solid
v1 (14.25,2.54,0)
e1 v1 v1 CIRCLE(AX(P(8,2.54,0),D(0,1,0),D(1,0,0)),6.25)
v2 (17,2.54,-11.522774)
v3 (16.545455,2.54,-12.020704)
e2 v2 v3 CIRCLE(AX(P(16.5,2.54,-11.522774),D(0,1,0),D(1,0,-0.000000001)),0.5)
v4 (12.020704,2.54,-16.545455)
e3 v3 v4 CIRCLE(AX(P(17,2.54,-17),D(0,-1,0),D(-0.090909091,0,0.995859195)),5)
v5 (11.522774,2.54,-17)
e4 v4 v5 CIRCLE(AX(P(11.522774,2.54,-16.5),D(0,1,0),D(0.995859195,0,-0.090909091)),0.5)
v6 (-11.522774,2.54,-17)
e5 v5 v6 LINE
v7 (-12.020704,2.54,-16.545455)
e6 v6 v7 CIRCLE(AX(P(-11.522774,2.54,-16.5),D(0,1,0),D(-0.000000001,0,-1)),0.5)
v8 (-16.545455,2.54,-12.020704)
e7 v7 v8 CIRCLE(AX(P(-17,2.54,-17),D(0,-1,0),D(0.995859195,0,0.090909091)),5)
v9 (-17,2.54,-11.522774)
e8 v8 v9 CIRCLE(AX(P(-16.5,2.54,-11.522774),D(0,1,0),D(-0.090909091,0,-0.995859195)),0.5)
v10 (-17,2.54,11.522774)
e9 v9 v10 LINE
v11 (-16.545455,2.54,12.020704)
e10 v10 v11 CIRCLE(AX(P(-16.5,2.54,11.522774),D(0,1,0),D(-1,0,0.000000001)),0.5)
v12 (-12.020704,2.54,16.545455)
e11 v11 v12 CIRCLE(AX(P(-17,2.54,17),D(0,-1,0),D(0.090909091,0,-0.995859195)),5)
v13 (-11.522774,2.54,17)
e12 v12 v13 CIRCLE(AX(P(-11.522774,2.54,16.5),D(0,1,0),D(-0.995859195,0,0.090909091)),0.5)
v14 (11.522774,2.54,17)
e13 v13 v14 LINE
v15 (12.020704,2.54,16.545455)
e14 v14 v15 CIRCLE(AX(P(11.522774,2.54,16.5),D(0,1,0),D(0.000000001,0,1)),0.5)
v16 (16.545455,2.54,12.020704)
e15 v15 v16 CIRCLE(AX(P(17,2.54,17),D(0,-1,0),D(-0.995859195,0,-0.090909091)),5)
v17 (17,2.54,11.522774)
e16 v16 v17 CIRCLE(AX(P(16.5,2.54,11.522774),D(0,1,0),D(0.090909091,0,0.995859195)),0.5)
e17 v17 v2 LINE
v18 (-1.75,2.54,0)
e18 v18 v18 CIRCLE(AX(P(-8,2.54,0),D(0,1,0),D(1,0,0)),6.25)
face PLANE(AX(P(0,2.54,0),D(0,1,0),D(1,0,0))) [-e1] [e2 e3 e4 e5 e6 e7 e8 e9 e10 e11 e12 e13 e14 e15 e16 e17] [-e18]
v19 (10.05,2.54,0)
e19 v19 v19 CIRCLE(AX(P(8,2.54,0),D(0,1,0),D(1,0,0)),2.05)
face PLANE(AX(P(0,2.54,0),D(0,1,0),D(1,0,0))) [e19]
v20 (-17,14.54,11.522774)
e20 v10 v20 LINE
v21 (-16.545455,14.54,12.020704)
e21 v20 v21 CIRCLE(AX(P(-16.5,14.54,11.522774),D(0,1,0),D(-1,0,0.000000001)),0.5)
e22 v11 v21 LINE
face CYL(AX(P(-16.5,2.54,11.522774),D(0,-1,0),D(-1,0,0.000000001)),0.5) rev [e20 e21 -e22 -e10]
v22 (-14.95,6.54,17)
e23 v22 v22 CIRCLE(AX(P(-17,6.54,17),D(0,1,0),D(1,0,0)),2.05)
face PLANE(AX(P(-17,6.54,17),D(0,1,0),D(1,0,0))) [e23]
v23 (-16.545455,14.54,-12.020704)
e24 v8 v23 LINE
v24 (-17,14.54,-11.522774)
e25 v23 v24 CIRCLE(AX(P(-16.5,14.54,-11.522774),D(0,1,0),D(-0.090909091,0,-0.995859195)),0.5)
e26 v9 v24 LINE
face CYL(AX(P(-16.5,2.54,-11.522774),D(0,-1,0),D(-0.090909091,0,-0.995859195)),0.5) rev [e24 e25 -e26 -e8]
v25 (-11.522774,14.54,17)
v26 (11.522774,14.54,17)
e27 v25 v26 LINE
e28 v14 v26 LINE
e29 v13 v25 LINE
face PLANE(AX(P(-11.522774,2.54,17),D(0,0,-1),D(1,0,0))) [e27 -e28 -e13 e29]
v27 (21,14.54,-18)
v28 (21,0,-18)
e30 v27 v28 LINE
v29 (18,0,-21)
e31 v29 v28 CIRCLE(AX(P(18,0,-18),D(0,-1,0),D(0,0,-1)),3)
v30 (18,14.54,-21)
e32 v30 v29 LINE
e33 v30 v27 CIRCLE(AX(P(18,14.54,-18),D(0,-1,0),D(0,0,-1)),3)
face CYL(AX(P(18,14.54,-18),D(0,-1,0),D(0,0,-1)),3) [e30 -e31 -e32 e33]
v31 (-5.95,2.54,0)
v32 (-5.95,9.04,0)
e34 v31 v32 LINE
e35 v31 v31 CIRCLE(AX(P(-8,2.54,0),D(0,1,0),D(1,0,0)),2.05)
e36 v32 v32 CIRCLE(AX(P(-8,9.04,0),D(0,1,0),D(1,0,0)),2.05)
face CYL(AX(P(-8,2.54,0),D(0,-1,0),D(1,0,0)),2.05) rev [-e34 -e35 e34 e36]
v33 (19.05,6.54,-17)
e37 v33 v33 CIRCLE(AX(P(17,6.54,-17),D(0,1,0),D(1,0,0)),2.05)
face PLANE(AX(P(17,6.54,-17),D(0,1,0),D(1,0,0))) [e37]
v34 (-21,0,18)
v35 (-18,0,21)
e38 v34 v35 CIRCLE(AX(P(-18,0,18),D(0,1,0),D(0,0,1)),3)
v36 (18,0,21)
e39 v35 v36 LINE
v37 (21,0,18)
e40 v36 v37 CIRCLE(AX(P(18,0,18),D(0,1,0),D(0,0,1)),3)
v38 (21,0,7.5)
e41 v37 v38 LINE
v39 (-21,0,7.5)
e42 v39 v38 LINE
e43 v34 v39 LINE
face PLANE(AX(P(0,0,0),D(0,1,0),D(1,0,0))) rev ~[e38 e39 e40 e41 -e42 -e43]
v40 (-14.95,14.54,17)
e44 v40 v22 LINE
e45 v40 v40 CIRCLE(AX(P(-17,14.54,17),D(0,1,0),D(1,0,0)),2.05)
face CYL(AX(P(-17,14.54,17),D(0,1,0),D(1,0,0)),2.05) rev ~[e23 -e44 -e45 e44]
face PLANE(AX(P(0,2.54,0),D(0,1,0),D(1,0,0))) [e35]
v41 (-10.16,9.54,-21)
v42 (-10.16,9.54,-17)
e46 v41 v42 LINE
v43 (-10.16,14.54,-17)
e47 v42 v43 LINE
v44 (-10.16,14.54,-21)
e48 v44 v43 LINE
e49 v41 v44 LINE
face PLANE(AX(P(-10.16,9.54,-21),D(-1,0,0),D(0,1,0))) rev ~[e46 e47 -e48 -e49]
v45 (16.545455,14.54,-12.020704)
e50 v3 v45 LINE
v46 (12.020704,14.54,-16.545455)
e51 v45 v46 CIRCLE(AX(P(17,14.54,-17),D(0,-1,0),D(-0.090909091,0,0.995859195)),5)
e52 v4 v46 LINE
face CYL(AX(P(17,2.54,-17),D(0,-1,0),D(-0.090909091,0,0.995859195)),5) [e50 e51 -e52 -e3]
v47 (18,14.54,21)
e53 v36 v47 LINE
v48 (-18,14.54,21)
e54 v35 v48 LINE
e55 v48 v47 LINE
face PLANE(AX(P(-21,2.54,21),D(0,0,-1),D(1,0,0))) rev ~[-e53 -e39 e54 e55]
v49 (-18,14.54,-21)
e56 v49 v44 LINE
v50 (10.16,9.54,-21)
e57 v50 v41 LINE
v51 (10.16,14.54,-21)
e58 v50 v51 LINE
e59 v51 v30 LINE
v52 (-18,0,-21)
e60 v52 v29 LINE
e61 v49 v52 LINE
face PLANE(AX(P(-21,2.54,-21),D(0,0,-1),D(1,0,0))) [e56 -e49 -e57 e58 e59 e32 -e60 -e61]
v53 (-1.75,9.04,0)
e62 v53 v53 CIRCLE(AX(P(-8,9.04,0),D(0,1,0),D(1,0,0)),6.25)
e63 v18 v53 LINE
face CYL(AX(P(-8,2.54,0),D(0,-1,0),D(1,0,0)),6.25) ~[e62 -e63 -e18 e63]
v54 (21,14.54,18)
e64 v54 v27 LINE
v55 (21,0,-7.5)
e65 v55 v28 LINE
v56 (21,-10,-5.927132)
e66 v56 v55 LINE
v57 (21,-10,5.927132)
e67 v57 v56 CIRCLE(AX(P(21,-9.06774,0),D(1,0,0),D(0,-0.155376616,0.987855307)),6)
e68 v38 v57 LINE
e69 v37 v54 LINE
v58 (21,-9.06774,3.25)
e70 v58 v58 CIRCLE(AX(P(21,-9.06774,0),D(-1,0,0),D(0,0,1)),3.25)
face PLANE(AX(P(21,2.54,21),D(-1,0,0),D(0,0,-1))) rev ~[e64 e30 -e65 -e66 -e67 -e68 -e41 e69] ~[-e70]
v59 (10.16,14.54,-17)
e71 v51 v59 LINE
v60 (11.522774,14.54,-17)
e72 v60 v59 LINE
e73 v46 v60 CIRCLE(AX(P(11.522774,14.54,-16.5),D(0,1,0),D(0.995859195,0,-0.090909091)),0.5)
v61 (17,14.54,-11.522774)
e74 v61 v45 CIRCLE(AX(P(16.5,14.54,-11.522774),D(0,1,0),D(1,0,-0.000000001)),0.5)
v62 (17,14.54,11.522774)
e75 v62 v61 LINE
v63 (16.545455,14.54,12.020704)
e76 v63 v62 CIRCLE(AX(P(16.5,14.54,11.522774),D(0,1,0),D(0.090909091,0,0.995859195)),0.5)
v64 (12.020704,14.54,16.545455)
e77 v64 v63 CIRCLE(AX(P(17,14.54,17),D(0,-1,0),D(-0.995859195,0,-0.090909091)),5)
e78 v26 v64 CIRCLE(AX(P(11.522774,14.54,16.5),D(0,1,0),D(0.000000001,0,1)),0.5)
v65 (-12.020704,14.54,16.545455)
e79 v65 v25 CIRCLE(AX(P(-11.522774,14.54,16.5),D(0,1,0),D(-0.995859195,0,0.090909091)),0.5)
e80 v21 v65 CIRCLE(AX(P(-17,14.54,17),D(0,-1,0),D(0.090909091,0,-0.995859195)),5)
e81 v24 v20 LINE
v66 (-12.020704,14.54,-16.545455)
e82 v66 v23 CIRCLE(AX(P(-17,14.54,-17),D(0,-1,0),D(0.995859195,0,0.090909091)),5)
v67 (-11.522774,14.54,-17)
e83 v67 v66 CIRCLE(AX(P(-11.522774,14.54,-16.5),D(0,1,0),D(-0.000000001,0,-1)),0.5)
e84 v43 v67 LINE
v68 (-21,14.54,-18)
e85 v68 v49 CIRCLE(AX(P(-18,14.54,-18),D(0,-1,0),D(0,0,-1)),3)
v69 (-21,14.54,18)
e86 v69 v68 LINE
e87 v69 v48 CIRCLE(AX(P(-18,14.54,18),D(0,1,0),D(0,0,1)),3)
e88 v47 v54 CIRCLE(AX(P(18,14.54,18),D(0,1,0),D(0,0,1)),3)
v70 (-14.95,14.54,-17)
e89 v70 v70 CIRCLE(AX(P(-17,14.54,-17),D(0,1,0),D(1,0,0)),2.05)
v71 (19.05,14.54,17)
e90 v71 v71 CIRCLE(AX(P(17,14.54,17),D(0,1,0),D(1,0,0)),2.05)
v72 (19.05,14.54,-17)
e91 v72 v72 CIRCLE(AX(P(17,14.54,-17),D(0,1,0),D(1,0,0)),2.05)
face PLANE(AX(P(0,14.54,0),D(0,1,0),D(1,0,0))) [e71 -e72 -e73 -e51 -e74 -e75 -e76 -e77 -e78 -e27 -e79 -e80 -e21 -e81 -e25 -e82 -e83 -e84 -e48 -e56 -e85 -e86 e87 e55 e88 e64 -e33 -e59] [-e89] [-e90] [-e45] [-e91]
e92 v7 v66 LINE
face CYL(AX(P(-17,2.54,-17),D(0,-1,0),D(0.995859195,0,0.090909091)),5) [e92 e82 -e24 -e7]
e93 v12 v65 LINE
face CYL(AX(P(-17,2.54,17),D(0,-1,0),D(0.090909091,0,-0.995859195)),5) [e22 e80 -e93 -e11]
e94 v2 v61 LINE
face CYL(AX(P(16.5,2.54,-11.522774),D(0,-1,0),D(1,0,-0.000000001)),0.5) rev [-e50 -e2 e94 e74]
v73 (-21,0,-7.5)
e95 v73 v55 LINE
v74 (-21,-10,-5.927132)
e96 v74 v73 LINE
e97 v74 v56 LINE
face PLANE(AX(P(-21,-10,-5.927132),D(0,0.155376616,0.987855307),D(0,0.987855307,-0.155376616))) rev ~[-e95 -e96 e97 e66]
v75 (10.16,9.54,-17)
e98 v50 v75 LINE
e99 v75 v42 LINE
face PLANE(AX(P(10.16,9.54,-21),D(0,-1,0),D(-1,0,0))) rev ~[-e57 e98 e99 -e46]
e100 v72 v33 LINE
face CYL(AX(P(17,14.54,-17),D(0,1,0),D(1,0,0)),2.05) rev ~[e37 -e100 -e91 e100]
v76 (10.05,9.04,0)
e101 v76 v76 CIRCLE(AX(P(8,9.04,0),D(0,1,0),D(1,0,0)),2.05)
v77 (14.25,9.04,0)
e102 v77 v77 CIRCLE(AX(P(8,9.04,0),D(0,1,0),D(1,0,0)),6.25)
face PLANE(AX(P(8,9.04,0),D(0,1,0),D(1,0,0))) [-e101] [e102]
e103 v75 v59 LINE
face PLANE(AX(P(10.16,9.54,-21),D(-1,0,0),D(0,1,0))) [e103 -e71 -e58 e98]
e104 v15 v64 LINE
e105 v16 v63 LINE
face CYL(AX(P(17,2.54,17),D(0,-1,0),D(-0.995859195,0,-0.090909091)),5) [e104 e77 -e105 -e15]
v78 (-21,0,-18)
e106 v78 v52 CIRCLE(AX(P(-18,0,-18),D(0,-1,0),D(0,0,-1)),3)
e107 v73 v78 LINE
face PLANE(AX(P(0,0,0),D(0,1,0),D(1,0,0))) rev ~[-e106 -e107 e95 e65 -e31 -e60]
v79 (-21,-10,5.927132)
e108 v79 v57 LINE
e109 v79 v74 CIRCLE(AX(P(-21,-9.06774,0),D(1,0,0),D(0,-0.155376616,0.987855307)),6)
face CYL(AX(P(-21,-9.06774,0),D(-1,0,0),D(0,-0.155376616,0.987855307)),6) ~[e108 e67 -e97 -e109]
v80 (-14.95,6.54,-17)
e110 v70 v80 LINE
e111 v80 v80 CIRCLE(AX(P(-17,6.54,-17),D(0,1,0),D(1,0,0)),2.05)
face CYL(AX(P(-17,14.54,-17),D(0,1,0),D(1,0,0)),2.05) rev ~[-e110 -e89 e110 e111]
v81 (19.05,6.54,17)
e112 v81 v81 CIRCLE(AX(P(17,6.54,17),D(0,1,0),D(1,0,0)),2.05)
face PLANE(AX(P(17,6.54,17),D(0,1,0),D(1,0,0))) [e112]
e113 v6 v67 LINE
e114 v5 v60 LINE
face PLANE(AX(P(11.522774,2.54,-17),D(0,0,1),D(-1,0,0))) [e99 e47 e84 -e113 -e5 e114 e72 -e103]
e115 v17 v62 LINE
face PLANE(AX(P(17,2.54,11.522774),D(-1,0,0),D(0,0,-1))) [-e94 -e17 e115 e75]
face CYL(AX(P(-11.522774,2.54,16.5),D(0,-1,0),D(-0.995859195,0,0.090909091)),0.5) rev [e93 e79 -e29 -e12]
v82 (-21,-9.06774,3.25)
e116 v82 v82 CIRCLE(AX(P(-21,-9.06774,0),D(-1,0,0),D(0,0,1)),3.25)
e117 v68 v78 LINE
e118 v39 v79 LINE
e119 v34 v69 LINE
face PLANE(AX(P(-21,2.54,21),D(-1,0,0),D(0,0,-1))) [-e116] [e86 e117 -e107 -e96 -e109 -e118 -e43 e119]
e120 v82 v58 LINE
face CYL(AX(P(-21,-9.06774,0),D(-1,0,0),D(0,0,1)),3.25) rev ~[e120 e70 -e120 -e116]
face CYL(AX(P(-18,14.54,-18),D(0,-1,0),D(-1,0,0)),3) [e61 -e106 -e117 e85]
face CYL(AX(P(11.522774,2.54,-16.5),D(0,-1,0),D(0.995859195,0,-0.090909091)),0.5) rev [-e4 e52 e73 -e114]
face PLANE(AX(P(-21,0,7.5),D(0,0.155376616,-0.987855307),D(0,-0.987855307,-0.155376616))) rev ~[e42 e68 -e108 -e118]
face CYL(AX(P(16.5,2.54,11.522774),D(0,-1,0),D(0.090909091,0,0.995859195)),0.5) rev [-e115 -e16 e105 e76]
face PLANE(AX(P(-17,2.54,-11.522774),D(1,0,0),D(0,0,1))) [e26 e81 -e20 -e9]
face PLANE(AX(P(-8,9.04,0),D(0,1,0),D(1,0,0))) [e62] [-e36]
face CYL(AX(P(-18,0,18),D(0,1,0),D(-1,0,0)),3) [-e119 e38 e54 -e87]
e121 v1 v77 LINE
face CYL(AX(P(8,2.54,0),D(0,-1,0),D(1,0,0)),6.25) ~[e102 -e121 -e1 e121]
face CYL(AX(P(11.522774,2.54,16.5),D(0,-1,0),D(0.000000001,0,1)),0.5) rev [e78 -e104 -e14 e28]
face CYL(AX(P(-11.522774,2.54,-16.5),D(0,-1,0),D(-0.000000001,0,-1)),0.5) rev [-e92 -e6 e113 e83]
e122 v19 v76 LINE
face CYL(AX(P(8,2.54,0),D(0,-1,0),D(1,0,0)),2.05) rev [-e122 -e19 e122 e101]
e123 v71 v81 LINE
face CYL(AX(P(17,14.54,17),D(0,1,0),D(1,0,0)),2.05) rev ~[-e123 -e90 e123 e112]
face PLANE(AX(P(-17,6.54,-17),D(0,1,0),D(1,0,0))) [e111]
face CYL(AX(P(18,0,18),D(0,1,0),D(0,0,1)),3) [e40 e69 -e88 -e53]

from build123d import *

# Parameters (mm, degrees)
SKETCH1_W           = 42
SKETCH1_H           = 42
BOSS_EXTRUDE1_DEPTH = 2.54
SKETCH2_W           = 42
SKETCH2_H           = 42
BOSS_EXTRUDE2_DEPTH = 12
SKETCH4_R           = 3.25
BOSS_EXTRUDE4_DEPTH = 42
SKETCH9_R           = 6.25
SKETCH9_R_2         = 2.05
BOSS_EXTRUDE5_DEPTH = 6.5
SKETCH10_R          = 2.05
CUT_EXTRUDE1_DEPTH  = 8
SKETCH12_W          = 20.32
SKETCH12_H          = 5
CUT_EXTRUDE2_DEPTH  = 4
FILLET1_R           = 3


with BuildPart() as part:
    # Sketch1 → Boss-Extrude1 (new body)
    with BuildSketch(Plane(origin=(0, 0, 0), x_dir=(1, 0, 0), z_dir=(0, 1, 0))):
        Rectangle(SKETCH1_W, SKETCH1_H)
    extrude(amount=BOSS_EXTRUDE1_DEPTH)

    # Sketch2 → Boss-Extrude2 (add)
    with BuildSketch(Plane(origin=(0, 2.54, 0), x_dir=(1, 0, 0), z_dir=(0, 1, 0))):
        Rectangle(SKETCH2_W, SKETCH2_H)
        with BuildLine():
            Line((-17, 11.522774425), (-17, -11.522774425))
            ThreePointArc((-17, -11.522774425), (-16.869274473, -11.859874356), (-16.545454545, -12.020704023))
            ThreePointArc((-16.545454545, -12.020704023), (-13.464466094, -13.464466094), (-12.020704023, -16.545454545))
            ThreePointArc((-12.020704023, -16.545454545), (-11.859874356, -16.869274473), (-11.522774425, -17))
            Line((-11.522774425, -17), (11.522774425, -17))
            ThreePointArc((11.522774425, -17), (11.859874356, -16.869274473), (12.020704023, -16.545454545))
            ThreePointArc((12.020704023, -16.545454545), (13.464466094, -13.464466094), (16.545454545, -12.020704023))
            ThreePointArc((16.545454545, -12.020704023), (16.869274473, -11.859874356), (17, -11.522774425))
            Line((17, -11.522774425), (17, 11.522774425))
            ThreePointArc((17, 11.522774425), (16.869274473, 11.859874356), (16.545454545, 12.020704023))
            ThreePointArc((16.545454545, 12.020704023), (13.464466094, 13.464466094), (12.020704023, 16.545454545))
            ThreePointArc((12.020704023, 16.545454545), (11.859874356, 16.869274473), (11.522774425, 17))
            Line((11.522774425, 17), (-11.522774425, 17))
            ThreePointArc((-11.522774425, 17), (-11.859874356, 16.869274473), (-12.020704023, 16.545454545))
            ThreePointArc((-12.020704023, 16.545454545), (-13.464466094, 13.464466094), (-16.545454545, 12.020704023))
            ThreePointArc((-16.545454545, 12.020704023), (-16.869274473, 11.859874356), (-17, 11.522774425))
        make_face(mode=Mode.SUBTRACT)
    extrude(amount=BOSS_EXTRUDE2_DEPTH)

    # Sketch4 → Boss-Extrude4 (add)
    with BuildSketch(Plane.ZY.offset(21)):
        with BuildLine():
            Line((7.5, 0), (5.927131841, -10))
            ThreePointArc((5.927131841, -10), (0, -15.067740305), (-5.927131841, -10))
            Line((-5.927131841, -10), (-7.5, 0))
            Line((-7.5, 0), (7.5, 0))
        make_face()
        with Locations((0, -9.067740305)):
            Circle(SKETCH4_R, mode=Mode.SUBTRACT)
    extrude(amount=-BOSS_EXTRUDE4_DEPTH)

    # Sketch9 → Boss-Extrude5 (add)
    with BuildSketch(Plane(origin=(0, 2.54, 0), x_dir=(1, 0, 0), z_dir=(0, 1, 0))):
        with Locations((8, 0)):
            Circle(SKETCH9_R)
        with Locations((8, 0)):
            Circle(SKETCH9_R_2, mode=Mode.SUBTRACT)
        with Locations((-8, 0)):
            Circle(SKETCH9_R)
        with Locations((-8, 0)):
            Circle(SKETCH9_R_2, mode=Mode.SUBTRACT)
    extrude(amount=BOSS_EXTRUDE5_DEPTH)

    # Sketch10 → Cut-Extrude1 (cut)
    with BuildSketch(Plane(origin=(0, 14.54, 0), x_dir=(1, 0, 0), z_dir=(0, 1, 0))):
        with Locations((-17, 17)):
            Circle(SKETCH10_R)
        with Locations((17, 17)):
            Circle(SKETCH10_R)
        with Locations((-17, -17)):
            Circle(SKETCH10_R)
        with Locations((17, -17)):
            Circle(SKETCH10_R)
    extrude(amount=-CUT_EXTRUDE1_DEPTH, mode=Mode.SUBTRACT)

    # Sketch12 → Cut-Extrude2 (cut)
    with BuildSketch(Plane(origin=(0, 0, -21), x_dir=(-1, 0, 0), z_dir=(0, 0, -1))):
        with Locations((0, 12.04)):
            Rectangle(SKETCH12_W, SKETCH12_H)
    extrude(amount=-CUT_EXTRUDE2_DEPTH, mode=Mode.SUBTRACT)

    # Fillet1
    fillet1_edges = [part.edges().sort_by_distance(p)[0] for p in [
        (21, 7.27, 21),
        (-21, 7.27, 21),
        (-21, 7.27, -21),
        (21, 7.27, -21),
    ]]
    fillet(fillet1_edges, radius=FILLET1_R)


solid = part.part
